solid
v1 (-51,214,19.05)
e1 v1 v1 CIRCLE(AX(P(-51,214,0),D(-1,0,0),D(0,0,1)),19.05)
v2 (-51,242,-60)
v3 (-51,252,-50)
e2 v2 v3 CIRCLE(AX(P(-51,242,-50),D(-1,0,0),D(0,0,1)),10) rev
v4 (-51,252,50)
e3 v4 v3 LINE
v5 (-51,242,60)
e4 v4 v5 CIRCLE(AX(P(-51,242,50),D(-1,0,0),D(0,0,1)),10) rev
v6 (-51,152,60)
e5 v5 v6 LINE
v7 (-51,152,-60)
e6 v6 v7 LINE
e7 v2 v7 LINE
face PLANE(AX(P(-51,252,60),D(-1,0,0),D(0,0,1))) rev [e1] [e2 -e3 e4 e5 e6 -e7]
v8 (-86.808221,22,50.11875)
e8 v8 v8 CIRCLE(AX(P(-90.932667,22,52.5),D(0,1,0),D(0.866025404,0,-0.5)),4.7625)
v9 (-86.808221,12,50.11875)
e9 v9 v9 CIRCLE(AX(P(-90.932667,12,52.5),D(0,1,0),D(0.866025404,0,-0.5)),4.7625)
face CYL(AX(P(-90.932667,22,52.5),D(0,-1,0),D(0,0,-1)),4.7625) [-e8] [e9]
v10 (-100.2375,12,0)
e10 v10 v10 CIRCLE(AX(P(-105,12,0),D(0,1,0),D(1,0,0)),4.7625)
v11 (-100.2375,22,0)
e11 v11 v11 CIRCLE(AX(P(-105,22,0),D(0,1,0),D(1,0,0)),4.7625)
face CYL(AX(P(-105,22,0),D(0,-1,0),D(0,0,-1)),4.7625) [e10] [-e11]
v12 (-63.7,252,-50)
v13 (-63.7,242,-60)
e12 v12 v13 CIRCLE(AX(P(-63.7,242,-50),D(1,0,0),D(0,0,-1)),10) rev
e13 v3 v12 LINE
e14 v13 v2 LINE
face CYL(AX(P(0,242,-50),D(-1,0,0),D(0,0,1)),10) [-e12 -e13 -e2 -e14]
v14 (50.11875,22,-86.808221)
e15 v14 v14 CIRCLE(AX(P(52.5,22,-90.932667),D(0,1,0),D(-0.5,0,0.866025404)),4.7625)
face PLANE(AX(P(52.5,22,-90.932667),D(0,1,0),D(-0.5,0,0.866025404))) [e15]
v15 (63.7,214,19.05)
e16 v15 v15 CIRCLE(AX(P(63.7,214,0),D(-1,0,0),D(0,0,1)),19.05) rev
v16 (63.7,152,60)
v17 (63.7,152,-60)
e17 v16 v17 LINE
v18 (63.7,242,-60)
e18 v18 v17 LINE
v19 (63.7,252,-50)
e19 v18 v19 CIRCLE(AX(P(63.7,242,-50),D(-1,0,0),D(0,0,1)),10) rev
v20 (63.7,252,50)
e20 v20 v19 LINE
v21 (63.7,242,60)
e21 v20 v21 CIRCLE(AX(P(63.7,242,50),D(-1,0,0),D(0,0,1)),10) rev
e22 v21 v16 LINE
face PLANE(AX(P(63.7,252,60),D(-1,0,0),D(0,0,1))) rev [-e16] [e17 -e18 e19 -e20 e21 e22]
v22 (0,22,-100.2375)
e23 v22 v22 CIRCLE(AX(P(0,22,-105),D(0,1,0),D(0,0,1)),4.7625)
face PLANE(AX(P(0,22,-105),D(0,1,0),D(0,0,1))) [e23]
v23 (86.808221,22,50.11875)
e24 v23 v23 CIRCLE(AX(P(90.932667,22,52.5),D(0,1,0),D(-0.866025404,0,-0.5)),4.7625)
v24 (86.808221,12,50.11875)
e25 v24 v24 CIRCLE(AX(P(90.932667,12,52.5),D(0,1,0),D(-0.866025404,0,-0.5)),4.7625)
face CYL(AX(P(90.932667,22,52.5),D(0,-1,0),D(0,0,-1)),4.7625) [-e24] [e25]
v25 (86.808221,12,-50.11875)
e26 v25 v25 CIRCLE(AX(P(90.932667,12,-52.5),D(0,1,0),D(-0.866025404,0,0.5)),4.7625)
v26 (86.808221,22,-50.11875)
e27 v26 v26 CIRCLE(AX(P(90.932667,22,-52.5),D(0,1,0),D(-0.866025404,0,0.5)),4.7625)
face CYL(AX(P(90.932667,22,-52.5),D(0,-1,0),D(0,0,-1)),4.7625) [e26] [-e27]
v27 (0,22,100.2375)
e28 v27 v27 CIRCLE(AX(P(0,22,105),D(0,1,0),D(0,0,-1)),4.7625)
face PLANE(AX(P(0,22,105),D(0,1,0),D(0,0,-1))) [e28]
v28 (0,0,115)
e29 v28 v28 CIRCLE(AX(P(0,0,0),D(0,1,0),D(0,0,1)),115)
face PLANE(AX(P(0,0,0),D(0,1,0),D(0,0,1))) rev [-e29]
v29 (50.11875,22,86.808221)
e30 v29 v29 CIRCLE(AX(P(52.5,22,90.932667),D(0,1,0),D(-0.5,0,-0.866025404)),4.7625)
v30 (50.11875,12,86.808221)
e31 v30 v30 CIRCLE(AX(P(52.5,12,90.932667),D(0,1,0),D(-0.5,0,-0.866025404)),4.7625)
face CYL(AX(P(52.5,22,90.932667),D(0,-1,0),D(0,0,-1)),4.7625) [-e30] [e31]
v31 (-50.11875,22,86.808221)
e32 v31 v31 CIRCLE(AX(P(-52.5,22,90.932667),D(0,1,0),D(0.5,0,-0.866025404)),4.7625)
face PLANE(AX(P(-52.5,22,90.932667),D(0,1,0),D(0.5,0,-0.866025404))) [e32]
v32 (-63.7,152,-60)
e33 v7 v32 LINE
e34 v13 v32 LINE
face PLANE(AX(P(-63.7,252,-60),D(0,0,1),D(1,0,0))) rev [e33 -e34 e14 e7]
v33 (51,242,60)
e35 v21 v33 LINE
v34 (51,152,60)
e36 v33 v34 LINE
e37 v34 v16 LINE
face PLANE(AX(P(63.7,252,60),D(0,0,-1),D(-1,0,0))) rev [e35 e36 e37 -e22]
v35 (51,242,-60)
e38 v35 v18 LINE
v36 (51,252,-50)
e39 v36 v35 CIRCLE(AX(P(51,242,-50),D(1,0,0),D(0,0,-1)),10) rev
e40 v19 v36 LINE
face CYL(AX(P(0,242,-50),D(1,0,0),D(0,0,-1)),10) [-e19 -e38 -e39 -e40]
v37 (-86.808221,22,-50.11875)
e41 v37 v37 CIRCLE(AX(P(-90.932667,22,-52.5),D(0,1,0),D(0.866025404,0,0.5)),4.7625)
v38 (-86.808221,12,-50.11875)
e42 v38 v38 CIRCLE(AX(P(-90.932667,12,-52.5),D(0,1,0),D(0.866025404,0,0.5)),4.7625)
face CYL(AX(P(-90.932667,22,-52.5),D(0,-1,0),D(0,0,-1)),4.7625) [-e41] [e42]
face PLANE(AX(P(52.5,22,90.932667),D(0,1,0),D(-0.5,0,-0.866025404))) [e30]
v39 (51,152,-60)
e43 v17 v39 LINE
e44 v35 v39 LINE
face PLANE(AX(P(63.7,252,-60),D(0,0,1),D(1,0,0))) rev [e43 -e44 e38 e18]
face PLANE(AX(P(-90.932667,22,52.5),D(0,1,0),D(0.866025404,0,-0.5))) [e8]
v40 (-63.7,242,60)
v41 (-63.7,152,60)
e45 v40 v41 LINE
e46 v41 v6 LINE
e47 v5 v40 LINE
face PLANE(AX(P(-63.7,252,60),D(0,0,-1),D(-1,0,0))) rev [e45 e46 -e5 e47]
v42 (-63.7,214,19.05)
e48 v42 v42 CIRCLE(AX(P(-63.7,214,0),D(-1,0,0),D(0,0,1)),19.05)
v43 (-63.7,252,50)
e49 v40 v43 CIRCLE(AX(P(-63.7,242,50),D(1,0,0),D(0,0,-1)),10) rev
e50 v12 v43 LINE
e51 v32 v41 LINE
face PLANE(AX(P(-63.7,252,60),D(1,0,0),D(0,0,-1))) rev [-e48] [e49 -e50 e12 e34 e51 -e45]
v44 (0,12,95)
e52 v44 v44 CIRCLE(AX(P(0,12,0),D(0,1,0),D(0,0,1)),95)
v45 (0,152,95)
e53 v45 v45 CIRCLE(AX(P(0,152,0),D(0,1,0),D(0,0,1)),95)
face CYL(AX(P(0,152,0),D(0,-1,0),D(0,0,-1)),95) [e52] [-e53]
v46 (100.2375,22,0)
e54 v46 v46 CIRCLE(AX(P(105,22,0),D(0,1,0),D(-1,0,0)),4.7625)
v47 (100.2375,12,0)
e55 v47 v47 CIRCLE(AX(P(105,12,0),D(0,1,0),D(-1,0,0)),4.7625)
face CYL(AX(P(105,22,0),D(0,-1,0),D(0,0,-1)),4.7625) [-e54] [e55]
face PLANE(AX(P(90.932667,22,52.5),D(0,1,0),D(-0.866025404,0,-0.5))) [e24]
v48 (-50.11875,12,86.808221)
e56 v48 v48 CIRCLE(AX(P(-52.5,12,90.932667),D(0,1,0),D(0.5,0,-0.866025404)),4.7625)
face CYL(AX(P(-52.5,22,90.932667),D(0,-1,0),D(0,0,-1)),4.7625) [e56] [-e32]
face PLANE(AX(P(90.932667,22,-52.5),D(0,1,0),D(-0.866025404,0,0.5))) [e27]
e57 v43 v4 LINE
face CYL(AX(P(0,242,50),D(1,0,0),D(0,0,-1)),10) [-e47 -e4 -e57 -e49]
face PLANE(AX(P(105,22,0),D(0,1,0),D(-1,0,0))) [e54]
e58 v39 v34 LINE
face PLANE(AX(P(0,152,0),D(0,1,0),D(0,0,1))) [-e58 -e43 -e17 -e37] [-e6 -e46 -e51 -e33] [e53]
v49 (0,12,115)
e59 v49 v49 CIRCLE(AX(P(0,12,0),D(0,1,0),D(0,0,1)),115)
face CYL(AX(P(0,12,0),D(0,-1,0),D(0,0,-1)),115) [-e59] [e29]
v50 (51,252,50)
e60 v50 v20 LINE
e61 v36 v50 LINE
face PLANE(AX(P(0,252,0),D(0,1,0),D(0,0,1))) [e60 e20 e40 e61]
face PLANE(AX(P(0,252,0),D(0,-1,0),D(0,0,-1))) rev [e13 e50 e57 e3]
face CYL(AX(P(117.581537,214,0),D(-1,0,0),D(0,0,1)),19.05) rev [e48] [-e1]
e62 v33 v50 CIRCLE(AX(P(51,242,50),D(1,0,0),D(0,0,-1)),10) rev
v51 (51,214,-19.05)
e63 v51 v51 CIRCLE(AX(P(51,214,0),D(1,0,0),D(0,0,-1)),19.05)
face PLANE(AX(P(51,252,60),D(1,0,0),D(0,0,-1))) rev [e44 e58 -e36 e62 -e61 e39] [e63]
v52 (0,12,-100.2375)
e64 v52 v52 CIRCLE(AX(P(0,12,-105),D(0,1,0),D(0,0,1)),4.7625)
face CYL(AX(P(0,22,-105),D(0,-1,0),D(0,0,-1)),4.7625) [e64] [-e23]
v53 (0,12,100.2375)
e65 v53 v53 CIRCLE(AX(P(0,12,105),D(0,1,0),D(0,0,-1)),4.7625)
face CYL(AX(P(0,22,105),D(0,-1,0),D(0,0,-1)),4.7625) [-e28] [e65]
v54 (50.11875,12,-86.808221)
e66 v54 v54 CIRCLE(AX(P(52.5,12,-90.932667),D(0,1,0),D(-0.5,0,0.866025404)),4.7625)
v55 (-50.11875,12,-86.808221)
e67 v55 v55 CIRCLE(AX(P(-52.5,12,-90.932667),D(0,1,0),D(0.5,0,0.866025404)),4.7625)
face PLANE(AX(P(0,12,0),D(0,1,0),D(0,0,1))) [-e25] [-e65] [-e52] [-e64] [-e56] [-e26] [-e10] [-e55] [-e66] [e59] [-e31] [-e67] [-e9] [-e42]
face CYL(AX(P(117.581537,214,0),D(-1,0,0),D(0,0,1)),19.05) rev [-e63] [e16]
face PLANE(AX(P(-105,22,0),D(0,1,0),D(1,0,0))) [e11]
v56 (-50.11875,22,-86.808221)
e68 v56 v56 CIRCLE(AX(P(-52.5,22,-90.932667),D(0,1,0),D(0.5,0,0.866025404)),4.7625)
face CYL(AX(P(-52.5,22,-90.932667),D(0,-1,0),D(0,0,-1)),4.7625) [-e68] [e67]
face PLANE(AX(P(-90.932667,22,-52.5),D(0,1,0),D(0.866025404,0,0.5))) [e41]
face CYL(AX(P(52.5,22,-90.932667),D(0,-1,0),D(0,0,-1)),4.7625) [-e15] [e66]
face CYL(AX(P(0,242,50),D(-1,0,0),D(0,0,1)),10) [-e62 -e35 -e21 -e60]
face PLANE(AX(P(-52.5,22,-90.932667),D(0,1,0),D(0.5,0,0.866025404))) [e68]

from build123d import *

# Parameters (mm, degrees)
CROQUIS1_R              = 115
SALIENTE_EXTRUIR1_DEPTH = 12
CROQUIS2_R              = 95
SALIENTE_EXTRUIR2_DEPTH = 140
CROQUIS3_R              = 4.7625
SALIENTE_EXTRUIR3_DEPTH = 10
MATRIZC1_COUNT          = 12
CROQUIS4_W              = 12.7
CROQUIS4_H              = 120
SALIENTE_EXTRUIR4_DEPTH = 100
CORTAR_EXTRUIR1_REACH   = 331.64
CROQUIS5_R              = 19.05
REDONDEO1_R             = 10


with BuildPart() as part:
    # Croquis1 → Saliente-Extruir1 (new body)
    with BuildSketch(Plane(origin=(0, 0, 0), x_dir=(1, 0, 0), z_dir=(0, 1, 0))):
        with Locations(Location((0, 0, 0), (0, 0, 270))):
            Circle(CROQUIS1_R)
    extrude(amount=SALIENTE_EXTRUIR1_DEPTH)

    # Croquis2 → Saliente-Extruir2 (add)
    with BuildSketch(Plane(origin=(0, 12, 0), x_dir=(1, 0, 0), z_dir=(0, 1, 0))):
        with Locations(Location((0, 0, 0), (0, 0, 270))):
            Circle(CROQUIS2_R)
    extrude(amount=SALIENTE_EXTRUIR2_DEPTH)

    # Croquis3 → Saliente-Extruir3 (add)
    with BuildSketch(Plane(origin=(0, 12, 0), x_dir=(1, 0, 0), z_dir=(0, 1, 0))):
        with Locations(Location((0, 105, 0), (0, 0, 270))):
            Circle(CROQUIS3_R)
    saliente_extruir3 = extrude(amount=SALIENTE_EXTRUIR3_DEPTH)

    # MatrizC1: Saliente-Extruir3 ×12 about axis
    matrizc1_axis = Axis((0, 0, 0), (0, 1, 0))
    for i in range(1, MATRIZC1_COUNT):
        add(saliente_extruir3.rotate(matrizc1_axis, i * 360 / MATRIZC1_COUNT))

    # Croquis4 → Saliente-Extruir4 (add)
    with BuildSketch(Plane(origin=(0, 152, 0), x_dir=(1, 0, 0), z_dir=(0, 1, 0))):
        with Locations((57.35, 0)):
            Rectangle(CROQUIS4_W, CROQUIS4_H)
        with Locations((-57.35, 0)):
            Rectangle(CROQUIS4_W, CROQUIS4_H)
    extrude(amount=SALIENTE_EXTRUIR4_DEPTH)

    # Cortar-Extruir1: up to this face of the body (flat: up to its plane)
    cortar_extruir1_end = Plane(part.part.faces().sort_by_distance((63.7, 202, 0))[0])
    # Croquis5 → Cortar-Extruir1 (cut, up to the picked face)
    with BuildSketch(Plane.ZY.offset(63.7), mode=Mode.PRIVATE) as cortar_extruir1_sk1:
        with Locations((0, 214)):
            Circle(CROQUIS5_R)
    cortar_extruir1_tool1 = split(extrude(cortar_extruir1_sk1.sketch, amount=-CORTAR_EXTRUIR1_REACH, mode=Mode.PRIVATE), bisect_by=cortar_extruir1_end, keep=Keep.BOTH, mode=Mode.PRIVATE)
    add(cortar_extruir1_tool1.solids().sort_by(Axis((-63.7, 214, 0), (1, 0, 0)))[0], mode=Mode.SUBTRACT)

    # Redondeo1
    redondeo1_edges = [part.edges().sort_by_distance(p)[0] for p in [
        (57.35, 252, 60),
        (57.35, 252, -60),
        (-57.35, 252, 60),
        (-57.35, 252, -60),
    ]]
    fillet(redondeo1_edges, radius=REDONDEO1_R)


solid = part.part
